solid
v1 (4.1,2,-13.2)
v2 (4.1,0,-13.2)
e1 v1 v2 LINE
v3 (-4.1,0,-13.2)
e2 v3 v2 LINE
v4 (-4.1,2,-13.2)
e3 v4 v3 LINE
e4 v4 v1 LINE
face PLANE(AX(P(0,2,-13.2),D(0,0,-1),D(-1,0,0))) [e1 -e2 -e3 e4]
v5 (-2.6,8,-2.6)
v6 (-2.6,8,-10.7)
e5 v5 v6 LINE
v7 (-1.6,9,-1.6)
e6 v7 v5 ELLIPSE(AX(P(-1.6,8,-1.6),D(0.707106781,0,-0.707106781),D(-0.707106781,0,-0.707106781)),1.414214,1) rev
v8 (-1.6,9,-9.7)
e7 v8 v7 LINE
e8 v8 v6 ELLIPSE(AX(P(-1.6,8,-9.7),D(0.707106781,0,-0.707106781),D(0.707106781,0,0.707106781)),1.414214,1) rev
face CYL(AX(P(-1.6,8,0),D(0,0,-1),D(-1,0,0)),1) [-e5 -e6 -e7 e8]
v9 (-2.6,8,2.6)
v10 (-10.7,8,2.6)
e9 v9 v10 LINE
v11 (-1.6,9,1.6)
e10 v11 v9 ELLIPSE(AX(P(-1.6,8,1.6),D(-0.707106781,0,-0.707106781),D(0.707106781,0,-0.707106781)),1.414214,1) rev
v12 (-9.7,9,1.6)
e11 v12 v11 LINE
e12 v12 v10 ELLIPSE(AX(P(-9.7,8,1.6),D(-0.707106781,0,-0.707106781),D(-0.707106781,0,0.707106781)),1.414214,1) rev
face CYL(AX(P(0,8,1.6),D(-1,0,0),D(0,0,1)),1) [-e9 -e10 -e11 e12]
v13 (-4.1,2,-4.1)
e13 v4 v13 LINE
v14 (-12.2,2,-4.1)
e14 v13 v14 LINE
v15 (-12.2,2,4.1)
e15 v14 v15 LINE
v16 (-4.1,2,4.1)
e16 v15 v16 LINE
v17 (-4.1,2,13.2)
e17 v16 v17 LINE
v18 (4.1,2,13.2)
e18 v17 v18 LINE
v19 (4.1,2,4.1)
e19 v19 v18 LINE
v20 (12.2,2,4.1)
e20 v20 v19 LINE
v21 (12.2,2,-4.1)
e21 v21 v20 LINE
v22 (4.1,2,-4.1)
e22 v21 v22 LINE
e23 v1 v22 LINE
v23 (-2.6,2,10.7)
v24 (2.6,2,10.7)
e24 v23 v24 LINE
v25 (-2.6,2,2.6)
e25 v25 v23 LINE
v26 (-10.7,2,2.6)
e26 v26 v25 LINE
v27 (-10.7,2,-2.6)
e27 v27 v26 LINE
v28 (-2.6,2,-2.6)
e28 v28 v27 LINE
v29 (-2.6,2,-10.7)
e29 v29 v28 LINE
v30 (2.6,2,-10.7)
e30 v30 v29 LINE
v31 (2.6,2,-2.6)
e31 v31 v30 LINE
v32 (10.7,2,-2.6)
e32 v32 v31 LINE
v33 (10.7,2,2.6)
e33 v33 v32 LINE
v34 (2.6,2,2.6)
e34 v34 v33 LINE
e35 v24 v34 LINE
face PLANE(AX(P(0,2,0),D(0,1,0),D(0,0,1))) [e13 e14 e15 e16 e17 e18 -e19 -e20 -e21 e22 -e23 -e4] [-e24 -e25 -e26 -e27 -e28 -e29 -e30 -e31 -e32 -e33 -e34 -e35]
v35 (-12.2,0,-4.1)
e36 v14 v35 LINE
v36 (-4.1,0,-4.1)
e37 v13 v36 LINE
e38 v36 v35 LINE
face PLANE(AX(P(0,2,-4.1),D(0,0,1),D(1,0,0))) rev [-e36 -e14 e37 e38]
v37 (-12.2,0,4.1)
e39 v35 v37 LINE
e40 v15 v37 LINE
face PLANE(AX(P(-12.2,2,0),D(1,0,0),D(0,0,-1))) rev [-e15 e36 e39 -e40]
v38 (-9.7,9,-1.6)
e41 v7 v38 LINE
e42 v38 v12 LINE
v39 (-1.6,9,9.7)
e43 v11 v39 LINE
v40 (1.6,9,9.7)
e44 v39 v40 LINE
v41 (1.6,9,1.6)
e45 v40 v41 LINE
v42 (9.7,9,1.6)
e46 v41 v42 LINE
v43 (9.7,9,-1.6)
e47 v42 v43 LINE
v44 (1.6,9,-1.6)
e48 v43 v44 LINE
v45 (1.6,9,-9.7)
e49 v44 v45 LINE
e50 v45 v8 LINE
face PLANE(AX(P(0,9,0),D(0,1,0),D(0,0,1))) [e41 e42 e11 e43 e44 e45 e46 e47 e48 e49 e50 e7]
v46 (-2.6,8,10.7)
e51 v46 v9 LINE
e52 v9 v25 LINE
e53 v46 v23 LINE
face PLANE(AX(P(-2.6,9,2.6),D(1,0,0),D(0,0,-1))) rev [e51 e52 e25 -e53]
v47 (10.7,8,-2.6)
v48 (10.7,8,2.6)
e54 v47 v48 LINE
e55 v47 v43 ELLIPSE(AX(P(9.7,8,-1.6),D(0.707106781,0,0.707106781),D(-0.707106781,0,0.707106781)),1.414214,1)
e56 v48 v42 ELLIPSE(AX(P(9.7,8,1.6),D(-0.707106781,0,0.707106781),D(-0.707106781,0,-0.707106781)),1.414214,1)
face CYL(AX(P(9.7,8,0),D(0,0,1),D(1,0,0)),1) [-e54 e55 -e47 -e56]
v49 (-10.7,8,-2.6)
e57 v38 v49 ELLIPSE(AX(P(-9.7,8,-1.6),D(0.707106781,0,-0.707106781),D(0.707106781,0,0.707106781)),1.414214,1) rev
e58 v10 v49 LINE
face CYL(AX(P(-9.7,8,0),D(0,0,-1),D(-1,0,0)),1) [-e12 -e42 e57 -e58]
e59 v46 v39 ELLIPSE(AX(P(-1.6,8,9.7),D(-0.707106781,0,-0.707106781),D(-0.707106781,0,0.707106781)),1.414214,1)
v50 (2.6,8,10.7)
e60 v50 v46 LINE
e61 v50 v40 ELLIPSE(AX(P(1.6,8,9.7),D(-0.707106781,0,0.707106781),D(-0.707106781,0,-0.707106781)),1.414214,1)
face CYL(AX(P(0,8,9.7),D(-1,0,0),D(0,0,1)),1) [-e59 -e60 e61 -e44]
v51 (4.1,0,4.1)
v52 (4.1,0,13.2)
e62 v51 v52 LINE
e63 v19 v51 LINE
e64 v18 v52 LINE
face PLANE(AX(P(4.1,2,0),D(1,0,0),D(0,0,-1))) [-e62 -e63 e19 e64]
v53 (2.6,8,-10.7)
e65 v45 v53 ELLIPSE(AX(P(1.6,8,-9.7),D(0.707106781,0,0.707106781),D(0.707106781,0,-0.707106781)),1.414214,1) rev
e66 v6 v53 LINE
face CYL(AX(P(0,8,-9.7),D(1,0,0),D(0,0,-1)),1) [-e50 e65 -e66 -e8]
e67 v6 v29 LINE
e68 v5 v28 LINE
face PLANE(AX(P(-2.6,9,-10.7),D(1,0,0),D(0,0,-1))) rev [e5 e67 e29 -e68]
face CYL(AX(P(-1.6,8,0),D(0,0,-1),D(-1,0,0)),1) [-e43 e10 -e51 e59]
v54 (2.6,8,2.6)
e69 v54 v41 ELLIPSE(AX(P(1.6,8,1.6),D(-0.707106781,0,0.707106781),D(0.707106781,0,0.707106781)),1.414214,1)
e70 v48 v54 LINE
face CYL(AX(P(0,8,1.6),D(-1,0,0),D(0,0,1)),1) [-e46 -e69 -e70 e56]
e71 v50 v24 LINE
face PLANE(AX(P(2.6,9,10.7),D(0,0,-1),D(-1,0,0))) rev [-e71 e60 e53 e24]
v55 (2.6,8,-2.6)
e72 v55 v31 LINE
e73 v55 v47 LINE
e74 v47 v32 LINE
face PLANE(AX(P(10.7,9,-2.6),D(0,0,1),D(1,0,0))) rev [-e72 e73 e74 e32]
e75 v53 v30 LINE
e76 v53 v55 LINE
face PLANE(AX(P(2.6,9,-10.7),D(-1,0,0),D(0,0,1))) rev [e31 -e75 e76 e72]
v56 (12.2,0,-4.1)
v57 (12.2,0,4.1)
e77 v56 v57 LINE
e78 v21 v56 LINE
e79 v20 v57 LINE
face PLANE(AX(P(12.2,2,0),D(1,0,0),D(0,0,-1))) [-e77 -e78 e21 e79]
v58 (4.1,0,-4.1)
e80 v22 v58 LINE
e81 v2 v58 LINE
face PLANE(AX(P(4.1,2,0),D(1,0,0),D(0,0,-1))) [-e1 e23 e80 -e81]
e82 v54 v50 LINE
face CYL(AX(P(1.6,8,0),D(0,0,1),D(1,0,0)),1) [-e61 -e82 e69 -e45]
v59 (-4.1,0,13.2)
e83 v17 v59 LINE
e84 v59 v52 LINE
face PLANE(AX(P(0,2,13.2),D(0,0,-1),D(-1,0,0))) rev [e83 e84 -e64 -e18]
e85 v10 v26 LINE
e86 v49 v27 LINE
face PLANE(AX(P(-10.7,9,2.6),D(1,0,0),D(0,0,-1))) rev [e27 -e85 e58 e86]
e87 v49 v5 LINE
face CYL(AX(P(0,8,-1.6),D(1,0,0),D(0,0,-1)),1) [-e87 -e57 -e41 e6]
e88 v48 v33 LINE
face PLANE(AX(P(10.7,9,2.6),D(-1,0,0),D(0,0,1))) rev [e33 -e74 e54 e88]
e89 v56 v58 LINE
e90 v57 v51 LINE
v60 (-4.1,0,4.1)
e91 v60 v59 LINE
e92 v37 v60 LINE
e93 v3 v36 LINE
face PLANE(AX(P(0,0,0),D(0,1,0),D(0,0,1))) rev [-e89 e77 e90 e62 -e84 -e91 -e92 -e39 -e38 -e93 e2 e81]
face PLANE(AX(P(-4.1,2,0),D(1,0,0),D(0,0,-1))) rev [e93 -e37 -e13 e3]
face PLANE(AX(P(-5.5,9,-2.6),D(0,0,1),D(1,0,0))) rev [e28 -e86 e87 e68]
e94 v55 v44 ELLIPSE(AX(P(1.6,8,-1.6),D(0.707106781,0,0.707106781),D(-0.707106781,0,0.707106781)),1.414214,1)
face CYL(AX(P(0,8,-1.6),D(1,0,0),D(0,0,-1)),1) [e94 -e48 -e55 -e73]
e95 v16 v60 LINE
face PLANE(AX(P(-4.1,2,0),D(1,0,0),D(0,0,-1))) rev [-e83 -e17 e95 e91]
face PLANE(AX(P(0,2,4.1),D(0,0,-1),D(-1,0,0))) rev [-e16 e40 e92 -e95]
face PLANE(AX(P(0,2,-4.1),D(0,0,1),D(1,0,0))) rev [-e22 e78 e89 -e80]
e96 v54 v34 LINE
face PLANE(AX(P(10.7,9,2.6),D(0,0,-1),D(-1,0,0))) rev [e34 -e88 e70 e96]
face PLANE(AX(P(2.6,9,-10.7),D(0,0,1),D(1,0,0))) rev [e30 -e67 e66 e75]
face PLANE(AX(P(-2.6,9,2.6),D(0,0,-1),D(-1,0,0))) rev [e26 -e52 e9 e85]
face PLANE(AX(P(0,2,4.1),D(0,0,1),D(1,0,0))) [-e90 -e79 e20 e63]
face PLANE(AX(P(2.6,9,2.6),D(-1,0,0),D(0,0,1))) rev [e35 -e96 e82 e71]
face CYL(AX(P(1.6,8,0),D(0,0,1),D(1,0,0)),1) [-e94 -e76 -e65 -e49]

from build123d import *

# Parameters (mm, degrees)
BOSS_EXTRUDE1_DEPTH = 2
BOSS_EXTRUDE3_DEPTH = 7
FILLET5_R           = 1


with BuildPart() as part:
    # Sketch1 → Boss-Extrude1 (new body)
    with BuildSketch(Plane(origin=(0, 0, 0), x_dir=(1, 0, 0), z_dir=(0, 1, 0))):
        Polygon((4.1, -4.1), (4.1, -13.2), (-4.1, -13.2), (-4.1, -4.1), (-12.2, -4.1), (-12.2, 4.1), (-4.1, 4.1), (-4.1, 13.2), (4.1, 13.2), (4.1, 4.1), (12.2, 4.1), (12.2, -4.1), align=None)
    extrude(amount=BOSS_EXTRUDE1_DEPTH)

    # Sketch4 → Boss-Extrude3 (add)
    with BuildSketch(Plane(origin=(0, 2, 0), x_dir=(1, 0, 0), z_dir=(0, 1, 0))):
        Polygon((10.7, -2.6), (5.5, -2.6), (2.6, -2.6), (2.6, -10.7), (-2.6, -10.7), (-2.6, -2.6), (-10.7, -2.6), (-10.7, 2.6), (-5.5, 2.6), (-2.6, 2.6), (-2.6, 10.7), (2.6, 10.7), (2.6, 2.6), (5.5, 2.6), (10.7, 2.6), align=None)
    extrude(amount=BOSS_EXTRUDE3_DEPTH)

    # Fillet5
    fillet5_edges = [part.edges().sort_by_distance(p)[0] for p in [
        (6.65, 9, -2.6),
        (2.6, 9, -6.65),
        (0, 9, -10.7),
        (-2.6, 9, -6.65),
        (-6.65, 9, -2.6),
        (-10.7, 9, 0),
        (-6.65, 9, 2.6),
        (-2.6, 9, 6.65),
        (0, 9, 10.7),
        (2.6, 9, 6.65),
        (6.65, 9, 2.6),
        (10.7, 9, 0),
    ]]
    fillet(fillet5_edges, radius=FILLET5_R)


solid = part.part
